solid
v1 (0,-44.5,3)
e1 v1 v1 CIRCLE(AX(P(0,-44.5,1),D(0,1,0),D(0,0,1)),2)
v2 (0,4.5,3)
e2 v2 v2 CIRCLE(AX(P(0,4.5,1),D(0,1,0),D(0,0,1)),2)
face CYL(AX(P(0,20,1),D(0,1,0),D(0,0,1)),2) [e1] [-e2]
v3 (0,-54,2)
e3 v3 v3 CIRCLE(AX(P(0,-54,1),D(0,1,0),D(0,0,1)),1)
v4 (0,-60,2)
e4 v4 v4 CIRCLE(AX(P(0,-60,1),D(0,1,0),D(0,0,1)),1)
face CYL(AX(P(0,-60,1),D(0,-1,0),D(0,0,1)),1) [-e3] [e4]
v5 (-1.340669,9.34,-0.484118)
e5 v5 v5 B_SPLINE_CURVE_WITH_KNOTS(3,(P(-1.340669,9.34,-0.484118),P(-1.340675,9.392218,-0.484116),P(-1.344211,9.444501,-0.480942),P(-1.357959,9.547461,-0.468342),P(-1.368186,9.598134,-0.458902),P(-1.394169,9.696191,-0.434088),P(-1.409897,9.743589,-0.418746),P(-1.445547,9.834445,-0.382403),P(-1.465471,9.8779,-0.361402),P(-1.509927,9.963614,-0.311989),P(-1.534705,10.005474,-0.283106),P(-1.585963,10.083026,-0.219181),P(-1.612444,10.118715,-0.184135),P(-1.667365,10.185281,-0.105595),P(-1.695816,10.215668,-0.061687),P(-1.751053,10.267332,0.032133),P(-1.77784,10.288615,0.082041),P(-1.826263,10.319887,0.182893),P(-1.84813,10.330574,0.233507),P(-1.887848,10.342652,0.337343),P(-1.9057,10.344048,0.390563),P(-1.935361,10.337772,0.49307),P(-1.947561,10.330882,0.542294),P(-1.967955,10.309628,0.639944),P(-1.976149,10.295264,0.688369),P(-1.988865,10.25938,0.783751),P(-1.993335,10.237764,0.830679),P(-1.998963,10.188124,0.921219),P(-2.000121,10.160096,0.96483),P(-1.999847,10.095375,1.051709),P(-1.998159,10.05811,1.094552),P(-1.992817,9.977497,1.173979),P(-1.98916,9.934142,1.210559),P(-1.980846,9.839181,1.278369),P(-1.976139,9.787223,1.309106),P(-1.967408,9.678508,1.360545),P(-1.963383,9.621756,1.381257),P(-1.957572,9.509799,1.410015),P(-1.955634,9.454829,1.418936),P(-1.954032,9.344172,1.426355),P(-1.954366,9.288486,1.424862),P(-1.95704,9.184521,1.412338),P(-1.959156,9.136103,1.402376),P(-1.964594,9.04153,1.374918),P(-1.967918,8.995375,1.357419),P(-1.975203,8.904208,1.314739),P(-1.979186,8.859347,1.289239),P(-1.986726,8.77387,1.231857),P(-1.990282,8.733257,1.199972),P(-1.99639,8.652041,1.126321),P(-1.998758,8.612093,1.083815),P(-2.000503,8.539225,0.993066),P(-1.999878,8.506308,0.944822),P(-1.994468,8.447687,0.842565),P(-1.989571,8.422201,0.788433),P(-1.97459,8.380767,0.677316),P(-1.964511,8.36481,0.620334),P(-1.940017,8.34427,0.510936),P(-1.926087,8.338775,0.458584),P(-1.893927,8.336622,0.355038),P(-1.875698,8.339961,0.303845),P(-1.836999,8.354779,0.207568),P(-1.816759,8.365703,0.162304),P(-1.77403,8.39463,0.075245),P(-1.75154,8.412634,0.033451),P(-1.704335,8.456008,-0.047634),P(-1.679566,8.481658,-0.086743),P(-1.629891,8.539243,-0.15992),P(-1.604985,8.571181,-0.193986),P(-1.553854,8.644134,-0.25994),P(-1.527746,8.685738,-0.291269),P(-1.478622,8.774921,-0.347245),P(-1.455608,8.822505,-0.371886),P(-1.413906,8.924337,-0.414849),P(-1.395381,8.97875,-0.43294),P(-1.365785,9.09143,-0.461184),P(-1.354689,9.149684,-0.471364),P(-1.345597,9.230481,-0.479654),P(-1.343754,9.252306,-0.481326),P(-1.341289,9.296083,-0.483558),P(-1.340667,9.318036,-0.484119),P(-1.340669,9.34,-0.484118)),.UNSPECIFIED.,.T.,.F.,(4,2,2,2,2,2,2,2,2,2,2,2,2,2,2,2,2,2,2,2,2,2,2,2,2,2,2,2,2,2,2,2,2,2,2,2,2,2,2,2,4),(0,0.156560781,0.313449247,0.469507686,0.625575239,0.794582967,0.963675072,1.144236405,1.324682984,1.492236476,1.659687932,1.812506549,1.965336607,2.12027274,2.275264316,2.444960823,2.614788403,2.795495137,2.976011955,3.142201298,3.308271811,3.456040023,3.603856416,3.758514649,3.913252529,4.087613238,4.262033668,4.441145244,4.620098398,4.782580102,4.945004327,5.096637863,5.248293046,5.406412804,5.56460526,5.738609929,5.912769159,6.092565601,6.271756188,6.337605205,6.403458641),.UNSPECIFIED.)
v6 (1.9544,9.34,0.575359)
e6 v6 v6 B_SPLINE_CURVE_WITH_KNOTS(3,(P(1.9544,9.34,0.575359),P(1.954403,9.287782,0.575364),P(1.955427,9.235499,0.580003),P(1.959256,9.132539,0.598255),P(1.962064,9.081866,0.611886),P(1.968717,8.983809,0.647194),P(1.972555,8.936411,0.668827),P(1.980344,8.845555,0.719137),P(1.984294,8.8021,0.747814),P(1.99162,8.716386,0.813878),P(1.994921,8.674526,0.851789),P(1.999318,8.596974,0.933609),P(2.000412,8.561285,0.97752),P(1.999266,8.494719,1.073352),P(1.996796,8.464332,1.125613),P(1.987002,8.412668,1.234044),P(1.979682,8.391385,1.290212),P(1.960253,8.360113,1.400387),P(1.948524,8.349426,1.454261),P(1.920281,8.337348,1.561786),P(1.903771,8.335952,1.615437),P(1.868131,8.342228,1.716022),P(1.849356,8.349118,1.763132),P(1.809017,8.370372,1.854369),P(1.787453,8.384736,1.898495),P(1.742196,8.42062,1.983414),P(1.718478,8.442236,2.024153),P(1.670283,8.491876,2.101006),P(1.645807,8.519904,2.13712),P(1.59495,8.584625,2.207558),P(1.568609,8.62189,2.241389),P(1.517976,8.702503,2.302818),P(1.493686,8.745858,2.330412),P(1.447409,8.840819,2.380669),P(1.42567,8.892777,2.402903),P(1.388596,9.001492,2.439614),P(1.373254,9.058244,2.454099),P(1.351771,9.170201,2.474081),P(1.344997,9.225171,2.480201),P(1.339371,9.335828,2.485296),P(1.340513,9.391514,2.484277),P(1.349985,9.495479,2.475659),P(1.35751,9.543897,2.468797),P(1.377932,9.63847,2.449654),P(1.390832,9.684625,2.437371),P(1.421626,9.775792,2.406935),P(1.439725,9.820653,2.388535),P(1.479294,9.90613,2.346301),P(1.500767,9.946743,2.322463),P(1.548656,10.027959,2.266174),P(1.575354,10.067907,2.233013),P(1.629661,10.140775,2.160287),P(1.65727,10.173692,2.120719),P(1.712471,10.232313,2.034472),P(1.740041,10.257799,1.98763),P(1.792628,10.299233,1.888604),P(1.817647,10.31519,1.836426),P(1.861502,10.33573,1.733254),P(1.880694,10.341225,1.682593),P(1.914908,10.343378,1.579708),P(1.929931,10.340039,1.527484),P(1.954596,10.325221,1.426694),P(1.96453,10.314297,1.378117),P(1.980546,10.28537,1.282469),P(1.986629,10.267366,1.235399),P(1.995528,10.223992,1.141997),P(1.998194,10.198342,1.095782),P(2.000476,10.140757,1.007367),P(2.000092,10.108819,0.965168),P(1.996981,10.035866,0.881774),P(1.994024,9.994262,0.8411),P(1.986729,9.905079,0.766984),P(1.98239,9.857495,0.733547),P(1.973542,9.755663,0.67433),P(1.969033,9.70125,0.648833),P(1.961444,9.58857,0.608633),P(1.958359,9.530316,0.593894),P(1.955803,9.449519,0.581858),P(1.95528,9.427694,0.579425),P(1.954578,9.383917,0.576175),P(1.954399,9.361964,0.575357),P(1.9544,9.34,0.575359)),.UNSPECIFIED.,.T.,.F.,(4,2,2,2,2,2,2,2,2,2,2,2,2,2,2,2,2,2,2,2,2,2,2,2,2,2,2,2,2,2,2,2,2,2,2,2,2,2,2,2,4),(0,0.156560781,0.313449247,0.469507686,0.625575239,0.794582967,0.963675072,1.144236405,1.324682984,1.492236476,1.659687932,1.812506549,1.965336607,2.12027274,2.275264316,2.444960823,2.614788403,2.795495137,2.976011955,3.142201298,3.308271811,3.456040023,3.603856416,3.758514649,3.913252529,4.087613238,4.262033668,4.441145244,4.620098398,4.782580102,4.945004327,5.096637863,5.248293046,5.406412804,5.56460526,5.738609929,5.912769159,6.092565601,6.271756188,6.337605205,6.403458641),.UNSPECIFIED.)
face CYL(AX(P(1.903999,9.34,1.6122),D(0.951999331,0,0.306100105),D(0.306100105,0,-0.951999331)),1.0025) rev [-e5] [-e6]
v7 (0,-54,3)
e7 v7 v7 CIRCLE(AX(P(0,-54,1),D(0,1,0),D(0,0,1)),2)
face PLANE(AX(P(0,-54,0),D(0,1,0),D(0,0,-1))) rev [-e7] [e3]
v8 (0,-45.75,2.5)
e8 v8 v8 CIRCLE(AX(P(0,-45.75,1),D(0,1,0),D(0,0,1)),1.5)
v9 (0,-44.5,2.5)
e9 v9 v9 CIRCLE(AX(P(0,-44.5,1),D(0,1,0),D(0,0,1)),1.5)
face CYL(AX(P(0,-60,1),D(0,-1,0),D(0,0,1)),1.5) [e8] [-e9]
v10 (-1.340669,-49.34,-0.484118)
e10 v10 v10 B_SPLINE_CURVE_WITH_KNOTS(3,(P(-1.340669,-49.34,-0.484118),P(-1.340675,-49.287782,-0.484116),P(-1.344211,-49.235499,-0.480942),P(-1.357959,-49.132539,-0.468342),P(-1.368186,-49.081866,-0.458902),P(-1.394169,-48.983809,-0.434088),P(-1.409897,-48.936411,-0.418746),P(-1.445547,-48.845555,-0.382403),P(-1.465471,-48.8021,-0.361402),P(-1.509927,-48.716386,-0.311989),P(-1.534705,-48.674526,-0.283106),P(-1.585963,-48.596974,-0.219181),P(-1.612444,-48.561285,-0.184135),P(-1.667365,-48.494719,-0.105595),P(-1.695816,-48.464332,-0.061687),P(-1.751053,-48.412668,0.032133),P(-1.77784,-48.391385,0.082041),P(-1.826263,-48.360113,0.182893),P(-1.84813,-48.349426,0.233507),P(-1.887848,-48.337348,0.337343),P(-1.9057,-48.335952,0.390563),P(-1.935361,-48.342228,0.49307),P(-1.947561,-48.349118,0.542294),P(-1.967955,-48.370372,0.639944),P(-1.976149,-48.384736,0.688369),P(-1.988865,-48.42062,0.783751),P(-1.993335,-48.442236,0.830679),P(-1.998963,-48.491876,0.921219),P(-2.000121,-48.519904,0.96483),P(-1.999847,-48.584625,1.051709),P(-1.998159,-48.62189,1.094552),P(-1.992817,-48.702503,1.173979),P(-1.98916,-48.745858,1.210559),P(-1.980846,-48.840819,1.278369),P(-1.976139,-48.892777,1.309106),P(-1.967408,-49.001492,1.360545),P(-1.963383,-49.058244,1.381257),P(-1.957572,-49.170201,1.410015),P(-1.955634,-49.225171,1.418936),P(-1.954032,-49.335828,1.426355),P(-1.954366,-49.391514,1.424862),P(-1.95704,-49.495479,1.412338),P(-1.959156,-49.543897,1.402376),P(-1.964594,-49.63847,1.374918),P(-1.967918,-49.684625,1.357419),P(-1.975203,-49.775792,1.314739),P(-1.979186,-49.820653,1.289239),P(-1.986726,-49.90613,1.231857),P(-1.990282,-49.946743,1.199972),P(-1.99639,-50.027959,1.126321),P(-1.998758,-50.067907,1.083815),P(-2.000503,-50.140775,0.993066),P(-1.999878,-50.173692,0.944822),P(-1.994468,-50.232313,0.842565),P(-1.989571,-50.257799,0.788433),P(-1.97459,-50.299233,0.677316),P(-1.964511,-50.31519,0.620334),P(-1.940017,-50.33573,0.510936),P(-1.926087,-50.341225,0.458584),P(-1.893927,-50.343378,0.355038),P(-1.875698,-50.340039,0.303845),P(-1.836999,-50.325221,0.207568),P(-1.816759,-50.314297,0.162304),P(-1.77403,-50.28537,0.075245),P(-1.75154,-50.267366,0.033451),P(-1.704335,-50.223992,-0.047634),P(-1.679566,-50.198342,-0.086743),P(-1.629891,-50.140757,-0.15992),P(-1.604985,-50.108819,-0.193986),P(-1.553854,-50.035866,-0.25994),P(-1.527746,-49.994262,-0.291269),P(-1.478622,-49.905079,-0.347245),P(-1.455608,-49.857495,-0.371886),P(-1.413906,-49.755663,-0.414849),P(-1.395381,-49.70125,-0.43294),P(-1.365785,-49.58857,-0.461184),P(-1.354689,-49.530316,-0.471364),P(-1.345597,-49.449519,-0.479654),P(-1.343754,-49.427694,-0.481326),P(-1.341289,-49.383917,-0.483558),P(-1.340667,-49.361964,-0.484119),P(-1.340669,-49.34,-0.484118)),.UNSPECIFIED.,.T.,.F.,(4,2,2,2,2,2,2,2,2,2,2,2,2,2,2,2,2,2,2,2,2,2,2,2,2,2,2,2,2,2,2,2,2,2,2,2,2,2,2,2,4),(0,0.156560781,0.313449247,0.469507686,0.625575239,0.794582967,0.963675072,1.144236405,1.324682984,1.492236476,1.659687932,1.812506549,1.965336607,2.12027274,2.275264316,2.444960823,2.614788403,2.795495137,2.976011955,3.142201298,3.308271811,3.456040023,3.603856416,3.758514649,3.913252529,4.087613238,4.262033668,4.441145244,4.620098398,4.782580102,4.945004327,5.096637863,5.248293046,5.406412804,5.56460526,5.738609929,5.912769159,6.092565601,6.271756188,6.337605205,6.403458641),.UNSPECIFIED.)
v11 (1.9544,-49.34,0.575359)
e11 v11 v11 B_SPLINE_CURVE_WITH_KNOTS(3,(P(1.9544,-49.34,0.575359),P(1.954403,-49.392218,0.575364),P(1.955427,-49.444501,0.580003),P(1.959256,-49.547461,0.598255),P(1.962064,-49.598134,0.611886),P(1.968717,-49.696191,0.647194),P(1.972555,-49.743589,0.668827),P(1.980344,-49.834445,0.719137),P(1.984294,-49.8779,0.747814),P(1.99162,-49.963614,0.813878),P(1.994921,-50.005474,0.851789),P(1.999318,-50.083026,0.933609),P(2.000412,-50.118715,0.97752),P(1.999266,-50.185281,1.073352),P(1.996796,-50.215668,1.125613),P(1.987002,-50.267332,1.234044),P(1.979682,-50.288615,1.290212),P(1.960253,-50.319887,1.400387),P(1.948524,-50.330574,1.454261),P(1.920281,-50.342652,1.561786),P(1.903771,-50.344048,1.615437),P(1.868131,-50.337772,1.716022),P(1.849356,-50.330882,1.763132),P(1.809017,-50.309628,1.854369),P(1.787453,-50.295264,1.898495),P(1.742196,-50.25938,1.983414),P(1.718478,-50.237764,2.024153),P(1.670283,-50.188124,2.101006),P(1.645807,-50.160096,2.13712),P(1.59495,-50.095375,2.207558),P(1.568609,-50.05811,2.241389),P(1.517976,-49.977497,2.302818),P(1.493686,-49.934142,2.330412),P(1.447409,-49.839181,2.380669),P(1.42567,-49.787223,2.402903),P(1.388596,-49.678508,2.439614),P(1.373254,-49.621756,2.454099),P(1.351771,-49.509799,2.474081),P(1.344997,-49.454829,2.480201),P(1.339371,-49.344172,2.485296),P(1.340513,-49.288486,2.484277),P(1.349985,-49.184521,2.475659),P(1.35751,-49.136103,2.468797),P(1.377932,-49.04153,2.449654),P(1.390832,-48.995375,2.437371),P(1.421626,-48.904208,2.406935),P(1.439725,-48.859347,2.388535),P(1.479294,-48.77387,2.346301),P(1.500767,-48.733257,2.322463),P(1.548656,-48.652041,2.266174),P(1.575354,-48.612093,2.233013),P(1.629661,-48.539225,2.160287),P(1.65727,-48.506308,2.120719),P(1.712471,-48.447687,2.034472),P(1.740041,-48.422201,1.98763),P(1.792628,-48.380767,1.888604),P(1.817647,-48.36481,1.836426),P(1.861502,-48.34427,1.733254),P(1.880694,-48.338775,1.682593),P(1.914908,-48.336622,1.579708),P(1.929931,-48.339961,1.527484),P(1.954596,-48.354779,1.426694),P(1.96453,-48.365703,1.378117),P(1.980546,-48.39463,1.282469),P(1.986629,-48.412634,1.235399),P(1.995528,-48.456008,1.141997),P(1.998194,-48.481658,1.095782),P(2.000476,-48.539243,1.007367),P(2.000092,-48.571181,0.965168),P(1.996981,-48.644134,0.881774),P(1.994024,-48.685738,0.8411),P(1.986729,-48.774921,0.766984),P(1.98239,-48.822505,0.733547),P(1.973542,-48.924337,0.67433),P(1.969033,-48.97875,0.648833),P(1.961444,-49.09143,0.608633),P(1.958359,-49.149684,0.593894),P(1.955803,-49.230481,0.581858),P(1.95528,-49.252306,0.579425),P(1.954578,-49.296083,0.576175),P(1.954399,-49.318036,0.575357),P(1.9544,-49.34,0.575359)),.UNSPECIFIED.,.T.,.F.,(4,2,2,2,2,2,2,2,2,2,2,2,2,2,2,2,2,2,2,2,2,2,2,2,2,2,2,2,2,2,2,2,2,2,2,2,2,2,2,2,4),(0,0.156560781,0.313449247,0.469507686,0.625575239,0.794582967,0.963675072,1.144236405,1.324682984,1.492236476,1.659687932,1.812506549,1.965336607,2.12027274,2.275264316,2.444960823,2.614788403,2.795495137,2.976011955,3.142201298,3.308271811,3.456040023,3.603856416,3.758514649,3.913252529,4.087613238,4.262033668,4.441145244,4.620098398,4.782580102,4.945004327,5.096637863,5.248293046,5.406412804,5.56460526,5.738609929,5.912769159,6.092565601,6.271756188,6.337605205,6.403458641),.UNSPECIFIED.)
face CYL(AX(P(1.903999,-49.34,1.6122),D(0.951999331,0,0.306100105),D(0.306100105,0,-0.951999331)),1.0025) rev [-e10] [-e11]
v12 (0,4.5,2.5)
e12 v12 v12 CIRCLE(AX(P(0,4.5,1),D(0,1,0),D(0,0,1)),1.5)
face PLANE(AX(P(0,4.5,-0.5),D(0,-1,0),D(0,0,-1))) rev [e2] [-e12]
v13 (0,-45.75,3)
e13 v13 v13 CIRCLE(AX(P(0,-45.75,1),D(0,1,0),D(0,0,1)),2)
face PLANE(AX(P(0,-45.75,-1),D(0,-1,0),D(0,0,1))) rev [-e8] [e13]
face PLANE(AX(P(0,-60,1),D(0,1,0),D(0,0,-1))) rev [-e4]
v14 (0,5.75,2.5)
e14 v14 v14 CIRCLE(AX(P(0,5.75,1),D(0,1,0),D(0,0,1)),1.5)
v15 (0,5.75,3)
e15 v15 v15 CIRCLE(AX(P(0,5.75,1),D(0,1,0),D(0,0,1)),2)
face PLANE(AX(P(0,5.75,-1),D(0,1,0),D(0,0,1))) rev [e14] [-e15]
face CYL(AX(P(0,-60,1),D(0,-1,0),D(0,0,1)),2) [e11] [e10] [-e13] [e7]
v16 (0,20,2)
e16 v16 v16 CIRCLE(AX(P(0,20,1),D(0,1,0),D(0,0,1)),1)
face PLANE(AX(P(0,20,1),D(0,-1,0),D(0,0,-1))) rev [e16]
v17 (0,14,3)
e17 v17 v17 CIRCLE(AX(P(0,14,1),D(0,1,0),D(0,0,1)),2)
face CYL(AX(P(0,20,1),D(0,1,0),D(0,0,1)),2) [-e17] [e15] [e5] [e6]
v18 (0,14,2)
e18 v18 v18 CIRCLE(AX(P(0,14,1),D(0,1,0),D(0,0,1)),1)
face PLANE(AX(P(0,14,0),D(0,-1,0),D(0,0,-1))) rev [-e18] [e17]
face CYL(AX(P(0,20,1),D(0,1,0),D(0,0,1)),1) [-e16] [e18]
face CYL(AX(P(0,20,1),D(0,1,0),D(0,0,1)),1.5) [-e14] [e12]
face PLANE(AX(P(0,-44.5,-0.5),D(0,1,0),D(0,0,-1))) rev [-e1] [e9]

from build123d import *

# Parameters (mm, degrees)
F_2_0MM_PRESS_DOWEL_HOLE1_D = 2.005


with BuildPart() as part:
    # Sketch1 → Revolve1 (revolve)
    with BuildSketch(Plane(origin=(0, 0, 0), x_dir=(0, 0, -1), z_dir=(1, 0, 0))):
        Polygon((-1, 20), (0, 20), (0, 14), (1, 14), (1, 5.75), (0.5, 5.75), (0.5, 4.5), (1, 4.5), (1, -20), (-1, -20), align=None)
    revolve1 = revolve(axis=Axis((0, 20, 1), (0, -1, 0)))

    # Ø2.0mm Press Dowel Hole1 (through all)
    with Locations(Plane(origin=(1.903998662, 9.34, 1.612200209), x_dir=(-0.306100105, 0, 0.951999331), z_dir=(0.951999331, 0, 0.306100105))):
        with Locations((0, 0)):
            f_2_0mm_press_dowel_hole1 = Hole(F_2_0MM_PRESS_DOWEL_HOLE1_D / 2)

    # Mirror1: Revolve1, Ø2.0mm Press Dowel Hole1 across plane
    add(revolve1.mirror(Plane(origin=(0, -20, 1), x_dir=(0, 0, 1), z_dir=(0, 1, 0))))
    add(f_2_0mm_press_dowel_hole1.mirror(Plane(origin=(0, -20, 1), x_dir=(0, 0, 1), z_dir=(0, 1, 0))), mode=Mode.SUBTRACT)


solid = part.part
